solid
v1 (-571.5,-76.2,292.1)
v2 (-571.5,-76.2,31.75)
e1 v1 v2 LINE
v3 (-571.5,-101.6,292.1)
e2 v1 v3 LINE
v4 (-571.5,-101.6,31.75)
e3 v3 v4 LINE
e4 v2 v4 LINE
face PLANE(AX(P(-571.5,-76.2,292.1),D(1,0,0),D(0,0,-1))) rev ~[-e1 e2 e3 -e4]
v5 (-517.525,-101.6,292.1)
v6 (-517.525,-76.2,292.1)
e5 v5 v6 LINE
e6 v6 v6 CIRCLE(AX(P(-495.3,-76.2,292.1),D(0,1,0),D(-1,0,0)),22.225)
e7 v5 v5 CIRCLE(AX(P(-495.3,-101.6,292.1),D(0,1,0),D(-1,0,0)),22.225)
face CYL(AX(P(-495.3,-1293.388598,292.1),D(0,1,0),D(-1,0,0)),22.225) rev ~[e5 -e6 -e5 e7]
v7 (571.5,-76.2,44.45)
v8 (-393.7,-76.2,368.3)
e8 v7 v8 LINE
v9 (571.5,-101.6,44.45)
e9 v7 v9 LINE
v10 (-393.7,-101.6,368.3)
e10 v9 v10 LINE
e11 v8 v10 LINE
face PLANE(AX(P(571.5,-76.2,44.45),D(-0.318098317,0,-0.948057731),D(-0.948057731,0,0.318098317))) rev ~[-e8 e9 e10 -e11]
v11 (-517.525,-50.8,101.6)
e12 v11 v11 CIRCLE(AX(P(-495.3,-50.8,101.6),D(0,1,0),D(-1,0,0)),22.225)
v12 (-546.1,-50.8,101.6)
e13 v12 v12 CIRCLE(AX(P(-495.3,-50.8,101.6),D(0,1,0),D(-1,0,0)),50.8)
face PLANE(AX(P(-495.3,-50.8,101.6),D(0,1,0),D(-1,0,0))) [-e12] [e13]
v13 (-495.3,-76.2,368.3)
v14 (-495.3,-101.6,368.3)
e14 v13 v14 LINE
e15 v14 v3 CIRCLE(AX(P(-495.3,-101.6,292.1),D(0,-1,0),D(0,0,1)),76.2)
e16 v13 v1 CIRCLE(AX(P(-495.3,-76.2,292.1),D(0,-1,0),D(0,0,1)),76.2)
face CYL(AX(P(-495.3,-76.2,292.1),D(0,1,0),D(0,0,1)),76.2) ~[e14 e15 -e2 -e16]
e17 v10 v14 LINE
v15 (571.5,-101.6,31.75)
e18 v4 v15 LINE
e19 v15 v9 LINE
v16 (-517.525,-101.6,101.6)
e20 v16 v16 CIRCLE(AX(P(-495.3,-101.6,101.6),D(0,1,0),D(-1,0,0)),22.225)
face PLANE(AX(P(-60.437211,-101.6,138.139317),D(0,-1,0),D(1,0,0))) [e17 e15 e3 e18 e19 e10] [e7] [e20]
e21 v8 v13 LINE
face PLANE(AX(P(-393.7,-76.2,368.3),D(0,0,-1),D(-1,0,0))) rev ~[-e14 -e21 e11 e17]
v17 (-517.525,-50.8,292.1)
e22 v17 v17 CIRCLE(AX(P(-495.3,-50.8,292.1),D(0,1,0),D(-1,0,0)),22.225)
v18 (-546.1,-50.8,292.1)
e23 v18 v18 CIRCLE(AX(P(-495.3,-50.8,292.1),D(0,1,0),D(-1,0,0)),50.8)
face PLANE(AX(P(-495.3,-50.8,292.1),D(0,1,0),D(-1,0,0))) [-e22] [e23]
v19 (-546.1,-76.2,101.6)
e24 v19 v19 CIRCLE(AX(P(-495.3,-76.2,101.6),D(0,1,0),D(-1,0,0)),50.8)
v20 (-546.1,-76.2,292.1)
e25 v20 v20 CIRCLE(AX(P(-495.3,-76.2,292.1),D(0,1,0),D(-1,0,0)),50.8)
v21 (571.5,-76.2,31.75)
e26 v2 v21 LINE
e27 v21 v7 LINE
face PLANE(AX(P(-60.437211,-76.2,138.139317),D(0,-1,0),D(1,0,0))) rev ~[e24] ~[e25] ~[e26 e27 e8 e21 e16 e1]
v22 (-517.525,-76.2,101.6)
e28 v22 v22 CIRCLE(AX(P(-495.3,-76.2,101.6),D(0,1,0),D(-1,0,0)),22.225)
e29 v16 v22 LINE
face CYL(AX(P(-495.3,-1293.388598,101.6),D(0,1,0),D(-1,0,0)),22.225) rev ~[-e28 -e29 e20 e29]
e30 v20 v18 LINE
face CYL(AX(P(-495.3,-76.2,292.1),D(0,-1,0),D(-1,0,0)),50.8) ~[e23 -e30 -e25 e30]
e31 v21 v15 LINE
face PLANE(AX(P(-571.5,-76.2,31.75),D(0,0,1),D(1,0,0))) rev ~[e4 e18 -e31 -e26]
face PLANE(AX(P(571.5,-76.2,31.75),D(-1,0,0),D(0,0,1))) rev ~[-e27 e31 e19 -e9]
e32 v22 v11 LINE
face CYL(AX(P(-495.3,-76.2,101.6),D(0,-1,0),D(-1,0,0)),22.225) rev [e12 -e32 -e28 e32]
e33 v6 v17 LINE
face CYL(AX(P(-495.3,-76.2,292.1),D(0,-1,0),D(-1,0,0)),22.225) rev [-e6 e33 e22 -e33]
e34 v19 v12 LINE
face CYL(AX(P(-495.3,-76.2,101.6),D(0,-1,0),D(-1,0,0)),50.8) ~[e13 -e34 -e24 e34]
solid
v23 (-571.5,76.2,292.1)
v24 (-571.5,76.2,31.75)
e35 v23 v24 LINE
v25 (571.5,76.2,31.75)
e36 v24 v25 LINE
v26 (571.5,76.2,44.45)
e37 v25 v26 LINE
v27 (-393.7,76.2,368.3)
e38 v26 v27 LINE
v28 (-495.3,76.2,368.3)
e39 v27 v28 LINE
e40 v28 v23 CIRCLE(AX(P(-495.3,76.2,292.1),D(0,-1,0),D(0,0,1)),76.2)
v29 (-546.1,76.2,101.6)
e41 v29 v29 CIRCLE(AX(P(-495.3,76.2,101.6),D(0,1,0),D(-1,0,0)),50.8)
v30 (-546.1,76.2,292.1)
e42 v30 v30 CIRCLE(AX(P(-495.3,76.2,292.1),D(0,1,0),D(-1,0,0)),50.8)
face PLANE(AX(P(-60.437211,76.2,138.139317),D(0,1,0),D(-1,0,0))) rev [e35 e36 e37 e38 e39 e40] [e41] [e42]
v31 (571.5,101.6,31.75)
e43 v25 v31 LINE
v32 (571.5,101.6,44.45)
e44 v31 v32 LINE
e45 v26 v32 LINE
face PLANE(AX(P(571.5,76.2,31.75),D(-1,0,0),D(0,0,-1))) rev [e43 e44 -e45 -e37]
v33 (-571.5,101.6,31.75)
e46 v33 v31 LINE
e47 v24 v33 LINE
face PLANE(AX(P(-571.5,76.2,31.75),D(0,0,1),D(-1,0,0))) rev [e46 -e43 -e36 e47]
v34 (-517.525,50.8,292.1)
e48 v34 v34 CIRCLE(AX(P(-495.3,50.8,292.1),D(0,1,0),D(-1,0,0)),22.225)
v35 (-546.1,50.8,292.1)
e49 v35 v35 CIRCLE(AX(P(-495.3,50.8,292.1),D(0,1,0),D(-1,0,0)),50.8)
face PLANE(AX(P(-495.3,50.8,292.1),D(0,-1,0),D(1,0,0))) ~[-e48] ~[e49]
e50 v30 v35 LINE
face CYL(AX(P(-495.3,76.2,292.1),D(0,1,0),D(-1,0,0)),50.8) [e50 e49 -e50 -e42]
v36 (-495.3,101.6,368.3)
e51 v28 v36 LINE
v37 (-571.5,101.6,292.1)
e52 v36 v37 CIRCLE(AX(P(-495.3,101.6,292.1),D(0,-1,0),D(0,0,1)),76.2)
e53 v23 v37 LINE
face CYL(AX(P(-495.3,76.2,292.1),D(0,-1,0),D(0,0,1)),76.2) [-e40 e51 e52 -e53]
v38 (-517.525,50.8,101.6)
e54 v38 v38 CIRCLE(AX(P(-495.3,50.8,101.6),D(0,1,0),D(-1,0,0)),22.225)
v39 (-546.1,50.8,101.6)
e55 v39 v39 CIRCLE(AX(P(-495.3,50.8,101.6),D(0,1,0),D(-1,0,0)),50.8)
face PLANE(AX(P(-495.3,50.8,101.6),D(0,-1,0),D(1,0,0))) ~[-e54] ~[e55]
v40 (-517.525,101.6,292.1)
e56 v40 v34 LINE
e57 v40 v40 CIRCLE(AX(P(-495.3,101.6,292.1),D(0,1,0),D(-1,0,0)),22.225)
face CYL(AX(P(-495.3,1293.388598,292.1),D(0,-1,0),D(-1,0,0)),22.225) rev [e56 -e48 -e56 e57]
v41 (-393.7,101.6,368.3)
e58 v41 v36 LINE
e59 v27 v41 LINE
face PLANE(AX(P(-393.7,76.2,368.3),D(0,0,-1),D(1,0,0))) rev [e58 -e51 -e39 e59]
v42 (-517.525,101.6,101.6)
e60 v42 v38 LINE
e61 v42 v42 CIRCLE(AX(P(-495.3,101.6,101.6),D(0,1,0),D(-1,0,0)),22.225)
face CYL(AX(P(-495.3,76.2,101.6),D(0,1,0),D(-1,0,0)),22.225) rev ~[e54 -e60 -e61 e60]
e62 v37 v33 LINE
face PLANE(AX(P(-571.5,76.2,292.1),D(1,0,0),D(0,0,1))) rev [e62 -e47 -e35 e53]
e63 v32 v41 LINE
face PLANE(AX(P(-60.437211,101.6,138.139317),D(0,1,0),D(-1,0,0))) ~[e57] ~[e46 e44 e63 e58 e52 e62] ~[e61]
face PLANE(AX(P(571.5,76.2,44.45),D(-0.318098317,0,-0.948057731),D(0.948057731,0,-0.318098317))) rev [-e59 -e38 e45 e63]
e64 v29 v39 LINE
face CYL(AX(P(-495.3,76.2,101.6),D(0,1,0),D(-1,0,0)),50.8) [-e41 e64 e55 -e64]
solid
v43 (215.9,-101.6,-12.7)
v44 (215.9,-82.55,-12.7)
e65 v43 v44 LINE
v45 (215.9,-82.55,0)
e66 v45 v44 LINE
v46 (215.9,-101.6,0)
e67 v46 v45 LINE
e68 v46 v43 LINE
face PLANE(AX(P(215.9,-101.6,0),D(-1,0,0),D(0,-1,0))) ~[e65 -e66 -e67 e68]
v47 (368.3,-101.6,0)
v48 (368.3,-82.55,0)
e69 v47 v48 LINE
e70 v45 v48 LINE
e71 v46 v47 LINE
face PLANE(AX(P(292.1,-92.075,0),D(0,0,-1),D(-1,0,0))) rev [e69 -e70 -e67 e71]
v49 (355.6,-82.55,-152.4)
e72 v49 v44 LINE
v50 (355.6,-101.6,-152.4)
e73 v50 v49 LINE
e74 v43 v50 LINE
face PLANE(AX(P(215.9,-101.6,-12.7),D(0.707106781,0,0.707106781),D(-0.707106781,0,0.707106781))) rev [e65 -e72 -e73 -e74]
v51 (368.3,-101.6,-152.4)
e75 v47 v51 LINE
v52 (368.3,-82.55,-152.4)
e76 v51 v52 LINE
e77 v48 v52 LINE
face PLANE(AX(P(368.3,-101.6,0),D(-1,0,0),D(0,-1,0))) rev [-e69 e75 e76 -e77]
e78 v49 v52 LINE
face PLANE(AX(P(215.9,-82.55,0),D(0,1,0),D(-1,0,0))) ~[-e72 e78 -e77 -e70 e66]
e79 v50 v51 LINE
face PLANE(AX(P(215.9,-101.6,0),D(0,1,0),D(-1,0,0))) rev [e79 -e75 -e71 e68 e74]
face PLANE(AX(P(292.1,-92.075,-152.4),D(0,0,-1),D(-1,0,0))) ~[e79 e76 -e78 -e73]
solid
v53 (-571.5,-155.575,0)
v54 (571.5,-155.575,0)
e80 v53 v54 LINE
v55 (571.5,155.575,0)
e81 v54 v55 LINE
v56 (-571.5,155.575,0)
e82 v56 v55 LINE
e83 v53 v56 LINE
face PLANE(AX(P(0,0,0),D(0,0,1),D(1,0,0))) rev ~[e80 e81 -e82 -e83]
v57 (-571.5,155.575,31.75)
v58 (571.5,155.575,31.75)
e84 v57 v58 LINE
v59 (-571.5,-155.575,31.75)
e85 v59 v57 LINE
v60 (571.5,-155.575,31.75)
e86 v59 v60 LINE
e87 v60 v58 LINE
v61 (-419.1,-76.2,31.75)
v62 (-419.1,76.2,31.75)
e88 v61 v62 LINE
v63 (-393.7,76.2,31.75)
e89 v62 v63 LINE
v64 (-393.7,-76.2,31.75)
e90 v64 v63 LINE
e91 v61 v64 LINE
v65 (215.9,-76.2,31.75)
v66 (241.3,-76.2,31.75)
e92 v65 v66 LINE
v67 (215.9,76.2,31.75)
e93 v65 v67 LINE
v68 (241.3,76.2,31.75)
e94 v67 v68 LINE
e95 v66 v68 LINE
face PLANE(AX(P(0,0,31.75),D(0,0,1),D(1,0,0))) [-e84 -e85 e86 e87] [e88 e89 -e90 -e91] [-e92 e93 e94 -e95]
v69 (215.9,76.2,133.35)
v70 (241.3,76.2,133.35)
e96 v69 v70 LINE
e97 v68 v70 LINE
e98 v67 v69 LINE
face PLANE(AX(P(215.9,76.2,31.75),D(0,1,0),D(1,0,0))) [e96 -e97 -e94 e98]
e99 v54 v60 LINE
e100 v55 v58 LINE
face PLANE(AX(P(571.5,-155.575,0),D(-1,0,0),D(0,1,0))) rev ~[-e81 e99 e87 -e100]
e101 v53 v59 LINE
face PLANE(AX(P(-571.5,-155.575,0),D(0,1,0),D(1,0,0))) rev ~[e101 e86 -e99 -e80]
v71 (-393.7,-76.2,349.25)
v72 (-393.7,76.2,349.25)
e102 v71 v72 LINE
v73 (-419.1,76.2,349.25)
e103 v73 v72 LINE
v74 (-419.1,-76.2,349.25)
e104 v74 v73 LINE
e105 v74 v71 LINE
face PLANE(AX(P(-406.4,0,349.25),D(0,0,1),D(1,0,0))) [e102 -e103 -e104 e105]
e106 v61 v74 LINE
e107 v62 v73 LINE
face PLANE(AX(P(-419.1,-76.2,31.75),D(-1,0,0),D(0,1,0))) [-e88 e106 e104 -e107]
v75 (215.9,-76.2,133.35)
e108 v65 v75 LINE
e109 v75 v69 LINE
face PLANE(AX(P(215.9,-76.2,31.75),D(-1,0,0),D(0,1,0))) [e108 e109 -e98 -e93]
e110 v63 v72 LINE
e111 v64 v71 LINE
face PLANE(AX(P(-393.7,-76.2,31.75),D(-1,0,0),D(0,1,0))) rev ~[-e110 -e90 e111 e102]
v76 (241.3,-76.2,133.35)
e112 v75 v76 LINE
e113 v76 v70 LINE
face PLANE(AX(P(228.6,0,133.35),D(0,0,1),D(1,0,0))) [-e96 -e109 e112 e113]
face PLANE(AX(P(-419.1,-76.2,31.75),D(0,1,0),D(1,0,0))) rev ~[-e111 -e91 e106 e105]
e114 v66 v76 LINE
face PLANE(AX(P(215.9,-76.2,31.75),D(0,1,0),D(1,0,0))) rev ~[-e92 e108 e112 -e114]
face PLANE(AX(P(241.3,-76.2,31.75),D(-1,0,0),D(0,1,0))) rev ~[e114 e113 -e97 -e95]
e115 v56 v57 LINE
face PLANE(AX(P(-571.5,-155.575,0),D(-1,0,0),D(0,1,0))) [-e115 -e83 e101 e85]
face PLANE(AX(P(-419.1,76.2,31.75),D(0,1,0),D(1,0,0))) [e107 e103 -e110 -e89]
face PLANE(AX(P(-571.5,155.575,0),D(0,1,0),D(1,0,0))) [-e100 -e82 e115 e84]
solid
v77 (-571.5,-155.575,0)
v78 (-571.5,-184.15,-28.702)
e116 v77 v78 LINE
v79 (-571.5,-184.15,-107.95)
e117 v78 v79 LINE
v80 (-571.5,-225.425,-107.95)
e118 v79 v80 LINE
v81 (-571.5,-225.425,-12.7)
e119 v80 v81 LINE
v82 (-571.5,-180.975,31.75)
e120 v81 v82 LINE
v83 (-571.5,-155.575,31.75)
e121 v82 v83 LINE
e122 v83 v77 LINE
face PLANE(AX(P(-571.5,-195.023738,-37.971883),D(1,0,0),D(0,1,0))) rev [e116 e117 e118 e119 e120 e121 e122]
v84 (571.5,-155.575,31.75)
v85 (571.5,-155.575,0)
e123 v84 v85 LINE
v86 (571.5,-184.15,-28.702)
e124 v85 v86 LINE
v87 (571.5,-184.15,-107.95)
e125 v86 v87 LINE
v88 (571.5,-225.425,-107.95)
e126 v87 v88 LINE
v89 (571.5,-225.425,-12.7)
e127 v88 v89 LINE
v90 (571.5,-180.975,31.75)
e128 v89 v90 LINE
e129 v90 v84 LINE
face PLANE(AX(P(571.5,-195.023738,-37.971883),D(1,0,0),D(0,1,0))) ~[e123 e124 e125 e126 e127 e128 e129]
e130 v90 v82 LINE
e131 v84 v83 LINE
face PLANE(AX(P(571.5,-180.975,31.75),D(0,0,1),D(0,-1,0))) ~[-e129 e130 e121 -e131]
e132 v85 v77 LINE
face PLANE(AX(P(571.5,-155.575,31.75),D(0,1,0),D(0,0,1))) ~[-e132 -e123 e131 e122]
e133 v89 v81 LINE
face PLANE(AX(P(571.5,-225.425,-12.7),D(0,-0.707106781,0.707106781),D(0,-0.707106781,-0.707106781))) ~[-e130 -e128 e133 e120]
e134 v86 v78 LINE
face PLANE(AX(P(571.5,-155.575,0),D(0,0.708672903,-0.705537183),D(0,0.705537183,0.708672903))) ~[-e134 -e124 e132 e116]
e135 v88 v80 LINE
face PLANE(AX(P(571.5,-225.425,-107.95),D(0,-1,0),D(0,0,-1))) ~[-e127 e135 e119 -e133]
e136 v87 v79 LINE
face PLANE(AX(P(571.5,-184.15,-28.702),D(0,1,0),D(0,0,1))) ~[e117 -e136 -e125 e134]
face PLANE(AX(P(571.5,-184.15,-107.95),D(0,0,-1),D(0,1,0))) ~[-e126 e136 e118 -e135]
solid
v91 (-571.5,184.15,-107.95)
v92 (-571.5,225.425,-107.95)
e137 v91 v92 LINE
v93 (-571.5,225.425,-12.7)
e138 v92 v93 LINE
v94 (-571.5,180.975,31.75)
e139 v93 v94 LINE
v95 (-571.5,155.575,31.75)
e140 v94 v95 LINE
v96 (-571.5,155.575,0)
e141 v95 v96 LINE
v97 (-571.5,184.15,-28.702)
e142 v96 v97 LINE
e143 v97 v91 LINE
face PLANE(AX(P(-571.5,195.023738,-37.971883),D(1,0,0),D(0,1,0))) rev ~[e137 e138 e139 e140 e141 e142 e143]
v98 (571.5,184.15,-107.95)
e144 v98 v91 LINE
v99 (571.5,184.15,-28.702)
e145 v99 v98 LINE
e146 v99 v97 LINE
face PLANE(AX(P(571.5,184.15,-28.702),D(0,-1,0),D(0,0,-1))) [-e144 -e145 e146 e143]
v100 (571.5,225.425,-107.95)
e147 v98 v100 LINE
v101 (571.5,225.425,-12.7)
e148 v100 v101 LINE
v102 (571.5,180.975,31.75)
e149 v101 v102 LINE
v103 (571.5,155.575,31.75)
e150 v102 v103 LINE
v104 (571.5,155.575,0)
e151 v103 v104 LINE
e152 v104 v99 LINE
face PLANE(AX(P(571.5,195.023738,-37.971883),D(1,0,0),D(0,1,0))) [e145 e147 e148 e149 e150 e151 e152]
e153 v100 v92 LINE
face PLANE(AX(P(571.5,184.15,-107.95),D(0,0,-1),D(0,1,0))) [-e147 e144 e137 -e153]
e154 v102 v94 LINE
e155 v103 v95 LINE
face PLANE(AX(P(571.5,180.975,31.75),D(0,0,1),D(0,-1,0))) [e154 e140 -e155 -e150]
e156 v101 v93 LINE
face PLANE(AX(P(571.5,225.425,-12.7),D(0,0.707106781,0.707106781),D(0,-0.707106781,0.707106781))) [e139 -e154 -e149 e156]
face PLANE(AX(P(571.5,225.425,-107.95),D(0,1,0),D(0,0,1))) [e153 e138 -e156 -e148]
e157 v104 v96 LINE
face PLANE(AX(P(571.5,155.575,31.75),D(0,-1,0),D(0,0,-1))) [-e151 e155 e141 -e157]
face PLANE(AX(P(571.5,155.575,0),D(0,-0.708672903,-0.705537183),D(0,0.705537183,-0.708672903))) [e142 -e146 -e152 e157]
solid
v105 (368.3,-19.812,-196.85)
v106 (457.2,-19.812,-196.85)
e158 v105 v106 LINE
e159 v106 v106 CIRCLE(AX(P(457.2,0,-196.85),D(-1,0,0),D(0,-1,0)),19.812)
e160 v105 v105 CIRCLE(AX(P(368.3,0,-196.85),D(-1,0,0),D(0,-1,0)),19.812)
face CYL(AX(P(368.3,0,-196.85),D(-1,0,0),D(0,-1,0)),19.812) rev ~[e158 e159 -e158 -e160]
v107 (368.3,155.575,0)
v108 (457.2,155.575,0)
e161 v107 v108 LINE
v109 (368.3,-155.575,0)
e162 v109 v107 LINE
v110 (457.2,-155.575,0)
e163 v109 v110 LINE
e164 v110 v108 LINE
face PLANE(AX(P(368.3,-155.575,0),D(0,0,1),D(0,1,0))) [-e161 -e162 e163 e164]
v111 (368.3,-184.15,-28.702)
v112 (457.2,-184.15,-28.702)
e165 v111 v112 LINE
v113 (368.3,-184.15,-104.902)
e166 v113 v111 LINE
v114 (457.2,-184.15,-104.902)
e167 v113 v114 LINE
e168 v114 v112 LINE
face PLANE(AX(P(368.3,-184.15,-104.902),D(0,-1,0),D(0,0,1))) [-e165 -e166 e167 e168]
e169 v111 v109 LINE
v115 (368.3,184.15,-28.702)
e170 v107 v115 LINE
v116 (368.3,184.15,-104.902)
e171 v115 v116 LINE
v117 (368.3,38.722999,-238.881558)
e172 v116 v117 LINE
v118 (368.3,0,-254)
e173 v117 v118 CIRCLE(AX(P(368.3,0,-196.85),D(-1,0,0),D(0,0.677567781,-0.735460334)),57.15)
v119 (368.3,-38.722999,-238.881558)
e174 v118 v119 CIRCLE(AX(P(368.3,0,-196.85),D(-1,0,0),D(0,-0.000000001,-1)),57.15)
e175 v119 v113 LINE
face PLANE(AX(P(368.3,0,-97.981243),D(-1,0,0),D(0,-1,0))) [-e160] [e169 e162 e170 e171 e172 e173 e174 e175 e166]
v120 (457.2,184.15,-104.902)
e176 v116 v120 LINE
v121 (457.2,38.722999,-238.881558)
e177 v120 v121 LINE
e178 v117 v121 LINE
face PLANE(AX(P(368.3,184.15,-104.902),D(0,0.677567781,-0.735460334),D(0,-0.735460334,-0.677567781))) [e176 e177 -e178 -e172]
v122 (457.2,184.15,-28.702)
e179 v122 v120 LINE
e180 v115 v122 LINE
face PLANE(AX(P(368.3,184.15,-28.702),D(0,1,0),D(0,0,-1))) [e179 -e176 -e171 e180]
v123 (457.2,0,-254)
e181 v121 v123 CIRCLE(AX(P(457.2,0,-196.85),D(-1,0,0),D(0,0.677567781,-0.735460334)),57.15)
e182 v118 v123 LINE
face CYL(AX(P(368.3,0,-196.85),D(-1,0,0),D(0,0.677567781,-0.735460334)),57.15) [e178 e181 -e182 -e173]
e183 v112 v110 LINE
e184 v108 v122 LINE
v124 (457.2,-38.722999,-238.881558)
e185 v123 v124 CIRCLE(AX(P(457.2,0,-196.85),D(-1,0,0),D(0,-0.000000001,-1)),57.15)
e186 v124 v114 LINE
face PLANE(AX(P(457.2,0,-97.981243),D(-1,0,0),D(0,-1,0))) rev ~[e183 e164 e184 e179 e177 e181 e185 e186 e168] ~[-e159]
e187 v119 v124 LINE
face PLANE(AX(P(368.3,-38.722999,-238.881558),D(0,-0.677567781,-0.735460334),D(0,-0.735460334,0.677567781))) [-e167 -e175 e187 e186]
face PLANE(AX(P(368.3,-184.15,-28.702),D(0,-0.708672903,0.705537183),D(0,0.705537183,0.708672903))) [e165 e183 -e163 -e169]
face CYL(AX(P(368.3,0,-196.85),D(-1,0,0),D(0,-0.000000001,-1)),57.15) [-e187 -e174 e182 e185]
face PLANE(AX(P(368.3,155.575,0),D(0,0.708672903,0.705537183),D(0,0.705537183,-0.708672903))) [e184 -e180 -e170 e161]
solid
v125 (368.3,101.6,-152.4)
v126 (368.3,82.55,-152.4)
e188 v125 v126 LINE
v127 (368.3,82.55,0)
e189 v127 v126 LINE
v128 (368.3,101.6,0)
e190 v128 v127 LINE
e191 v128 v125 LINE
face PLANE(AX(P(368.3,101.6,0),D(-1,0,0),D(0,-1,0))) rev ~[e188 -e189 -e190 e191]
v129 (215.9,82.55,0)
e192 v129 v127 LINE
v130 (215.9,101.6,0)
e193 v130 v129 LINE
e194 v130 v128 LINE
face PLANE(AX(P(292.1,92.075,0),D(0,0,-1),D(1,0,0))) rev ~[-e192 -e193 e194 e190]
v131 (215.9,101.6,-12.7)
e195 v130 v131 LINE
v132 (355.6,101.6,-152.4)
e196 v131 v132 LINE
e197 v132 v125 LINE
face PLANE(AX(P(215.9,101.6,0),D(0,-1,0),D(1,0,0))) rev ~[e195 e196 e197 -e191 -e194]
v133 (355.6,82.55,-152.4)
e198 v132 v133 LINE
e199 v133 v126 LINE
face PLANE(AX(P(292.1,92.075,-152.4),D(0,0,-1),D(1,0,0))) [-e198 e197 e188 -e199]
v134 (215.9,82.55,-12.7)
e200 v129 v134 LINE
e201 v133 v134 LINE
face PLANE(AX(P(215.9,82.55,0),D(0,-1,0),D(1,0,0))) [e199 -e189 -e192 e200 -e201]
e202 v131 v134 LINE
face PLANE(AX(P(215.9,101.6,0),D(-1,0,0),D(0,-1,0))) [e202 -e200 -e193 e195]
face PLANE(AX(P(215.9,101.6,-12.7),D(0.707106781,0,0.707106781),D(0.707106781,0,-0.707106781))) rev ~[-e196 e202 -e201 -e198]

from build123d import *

# Parameters (mm, degrees)
F0_W      = 1143
F0_H      = 311.15
F1_DEPTH  = 31.75
F2_W      = 25.4
F2_H      = 152.4
F3_DEPTH  = 317.5
F4_W      = 25.4
F4_H      = 152.4
F5_DEPTH  = 101.6
F7_DEPTH  = 25.4
F9_D      = 44.45
F10_R     = 50.8
F10_R_2   = 22.225
F11_DEPTH = 25.4
F14_R     = 19.812
F15_DEPTH = 88.9
F16_W     = 152.4
F16_H     = 19.05
F17_DEPTH = 152.4
F19_DEPTH = 285.751
F22_DEPTH = 1143


with BuildPart() as f1:
    # F0 (on Top) → F1 (new body)
    with BuildSketch(Plane.XY):
        Rectangle(F0_W, F0_H)
    extrude(amount=F1_DEPTH)

    # F2 (on face) → F3 (join)
    with BuildSketch(Plane.XY.offset(31.75)):
        with Locations((-406.4, 0)):
            Rectangle(F2_W, F2_H)
    extrude(amount=F3_DEPTH)

    # F4 (on face) → F5 (join)
    with BuildSketch(Plane.XY.offset(31.75)):
        with Locations((228.6, 0)):
            Rectangle(F4_W, F4_H)
    extrude(amount=F5_DEPTH)


with BuildPart() as f7:
    # F6 (on face) → F7 (new body)
    with BuildSketch(Plane.XZ.offset(76.2)):
        with BuildLine():
            Line((-571.5, 292.1), (-571.5, 31.75))
            Line((-571.5, 31.75), (571.5, 31.75))
            Line((571.5, 31.75), (571.5, 44.45))
            Line((571.5, 44.45), (-393.7, 368.3))
            Line((-393.7, 368.3), (-495.3, 368.3))
            ThreePointArc((-495.3, 368.3), (-549.1815367264, 345.9815367264), (-571.5, 292.1))
        make_face()
    extrude(amount=F7_DEPTH)

    # F9 (through all)
    with Locations(Plane.XZ.offset(101.6)):
        with Locations((-495.3, 292.1), (-495.3, 101.6)):
            Hole(F9_D / 2)

    # F10 (on face) → F11 (join)
    with BuildSketch(Plane(origin=(0, -76.2, 0), x_dir=(-1, 0, 0), z_dir=(0, 1, 0))):
        with Locations((495.3, 101.6)):
            Circle(F10_R)
        with Locations((495.3, 101.6)):
            Circle(F10_R_2, mode=Mode.SUBTRACT)
        with Locations((495.3, 292.1)):
            Circle(F10_R)
        with Locations((495.3, 292.1)):
            Circle(F10_R_2, mode=Mode.SUBTRACT)
    extrude(amount=F11_DEPTH)


with BuildPart() as f12_1:
    # F12: instance of F7
    add(f7.part.mirror(Plane.XZ))


with BuildPart() as f15:
    # F14 (on offset) → F15 (new body)
    with BuildSketch(Plane(origin=(368.3, 0, 0), x_dir=(0, -1, 0), z_dir=(-1, 0, 0))):
        with BuildLine():
            Line((155.575, 0), (-155.575, 0))
            Line((-155.575, 0), (-184.15, -28.702))
            Line((-184.15, -28.702), (-184.15, -104.902))
            Line((-184.15, -104.902), (-38.7229986572, -238.8815580843))
            ThreePointArc((-38.7229986572, -238.8815580843), (-20.7848376589, -250.0863881522), (6.38e-08, -254))
            ThreePointArc((6.38e-08, -254), (20.7848377183, -250.086388129), (38.7229986572, -238.8815580843))
            Line((38.7229986572, -238.8815580843), (184.15, -104.902))
            Line((184.15, -104.902), (184.15, -28.702))
            Line((184.15, -28.702), (155.575, 0))
        make_face()
        with Locations((0, -196.85)):
            Circle(F14_R, mode=Mode.SUBTRACT)
    extrude(amount=-F15_DEPTH)


with BuildPart() as f17:
    # F16 (on face) → F17 (new body)
    with BuildSketch(Plane(origin=(0, 0, 0), x_dir=(1, 0, 0), z_dir=(0, 0, -1))):
        with Locations((292.1, -92.075)):
            Rectangle(F16_W, F16_H)
    extrude(amount=F17_DEPTH)

    # F18 (on face) → F19 (cut, through all)
    with BuildSketch(Plane(origin=(0, 101.6, 0), x_dir=(-1, 0, 0), z_dir=(0, 1, 0))):
        Polygon((-215.9, -12.7), (-355.6, -152.4), (-215.9, -152.4), align=None)
    extrude(amount=-F19_DEPTH, mode=Mode.SUBTRACT)


with BuildPart() as f20_1:
    # F20: instance of F17
    add(f17.part.mirror(Plane.XZ))


with BuildPart() as f22:
    # F21 (on face) → F22 (new body)
    with BuildSketch(Plane.YZ.offset(571.5)):
        Polygon((180.975, 31.75), (155.575, 31.75), (155.575, 0), (184.15, -28.702), (184.15, -107.95), (191.3808882236, -107.95), (225.425, -107.95), (225.425, -12.7), align=None)
    extrude(amount=-F22_DEPTH)


with BuildPart() as f23_1:
    # F23: instance of F22
    add(f22.part.mirror(Plane.XZ))


solid = Compound([f1.part, f7.part, f12_1.part, f15.part, f17.part, f20_1.part, f22.part, f23_1.part])
